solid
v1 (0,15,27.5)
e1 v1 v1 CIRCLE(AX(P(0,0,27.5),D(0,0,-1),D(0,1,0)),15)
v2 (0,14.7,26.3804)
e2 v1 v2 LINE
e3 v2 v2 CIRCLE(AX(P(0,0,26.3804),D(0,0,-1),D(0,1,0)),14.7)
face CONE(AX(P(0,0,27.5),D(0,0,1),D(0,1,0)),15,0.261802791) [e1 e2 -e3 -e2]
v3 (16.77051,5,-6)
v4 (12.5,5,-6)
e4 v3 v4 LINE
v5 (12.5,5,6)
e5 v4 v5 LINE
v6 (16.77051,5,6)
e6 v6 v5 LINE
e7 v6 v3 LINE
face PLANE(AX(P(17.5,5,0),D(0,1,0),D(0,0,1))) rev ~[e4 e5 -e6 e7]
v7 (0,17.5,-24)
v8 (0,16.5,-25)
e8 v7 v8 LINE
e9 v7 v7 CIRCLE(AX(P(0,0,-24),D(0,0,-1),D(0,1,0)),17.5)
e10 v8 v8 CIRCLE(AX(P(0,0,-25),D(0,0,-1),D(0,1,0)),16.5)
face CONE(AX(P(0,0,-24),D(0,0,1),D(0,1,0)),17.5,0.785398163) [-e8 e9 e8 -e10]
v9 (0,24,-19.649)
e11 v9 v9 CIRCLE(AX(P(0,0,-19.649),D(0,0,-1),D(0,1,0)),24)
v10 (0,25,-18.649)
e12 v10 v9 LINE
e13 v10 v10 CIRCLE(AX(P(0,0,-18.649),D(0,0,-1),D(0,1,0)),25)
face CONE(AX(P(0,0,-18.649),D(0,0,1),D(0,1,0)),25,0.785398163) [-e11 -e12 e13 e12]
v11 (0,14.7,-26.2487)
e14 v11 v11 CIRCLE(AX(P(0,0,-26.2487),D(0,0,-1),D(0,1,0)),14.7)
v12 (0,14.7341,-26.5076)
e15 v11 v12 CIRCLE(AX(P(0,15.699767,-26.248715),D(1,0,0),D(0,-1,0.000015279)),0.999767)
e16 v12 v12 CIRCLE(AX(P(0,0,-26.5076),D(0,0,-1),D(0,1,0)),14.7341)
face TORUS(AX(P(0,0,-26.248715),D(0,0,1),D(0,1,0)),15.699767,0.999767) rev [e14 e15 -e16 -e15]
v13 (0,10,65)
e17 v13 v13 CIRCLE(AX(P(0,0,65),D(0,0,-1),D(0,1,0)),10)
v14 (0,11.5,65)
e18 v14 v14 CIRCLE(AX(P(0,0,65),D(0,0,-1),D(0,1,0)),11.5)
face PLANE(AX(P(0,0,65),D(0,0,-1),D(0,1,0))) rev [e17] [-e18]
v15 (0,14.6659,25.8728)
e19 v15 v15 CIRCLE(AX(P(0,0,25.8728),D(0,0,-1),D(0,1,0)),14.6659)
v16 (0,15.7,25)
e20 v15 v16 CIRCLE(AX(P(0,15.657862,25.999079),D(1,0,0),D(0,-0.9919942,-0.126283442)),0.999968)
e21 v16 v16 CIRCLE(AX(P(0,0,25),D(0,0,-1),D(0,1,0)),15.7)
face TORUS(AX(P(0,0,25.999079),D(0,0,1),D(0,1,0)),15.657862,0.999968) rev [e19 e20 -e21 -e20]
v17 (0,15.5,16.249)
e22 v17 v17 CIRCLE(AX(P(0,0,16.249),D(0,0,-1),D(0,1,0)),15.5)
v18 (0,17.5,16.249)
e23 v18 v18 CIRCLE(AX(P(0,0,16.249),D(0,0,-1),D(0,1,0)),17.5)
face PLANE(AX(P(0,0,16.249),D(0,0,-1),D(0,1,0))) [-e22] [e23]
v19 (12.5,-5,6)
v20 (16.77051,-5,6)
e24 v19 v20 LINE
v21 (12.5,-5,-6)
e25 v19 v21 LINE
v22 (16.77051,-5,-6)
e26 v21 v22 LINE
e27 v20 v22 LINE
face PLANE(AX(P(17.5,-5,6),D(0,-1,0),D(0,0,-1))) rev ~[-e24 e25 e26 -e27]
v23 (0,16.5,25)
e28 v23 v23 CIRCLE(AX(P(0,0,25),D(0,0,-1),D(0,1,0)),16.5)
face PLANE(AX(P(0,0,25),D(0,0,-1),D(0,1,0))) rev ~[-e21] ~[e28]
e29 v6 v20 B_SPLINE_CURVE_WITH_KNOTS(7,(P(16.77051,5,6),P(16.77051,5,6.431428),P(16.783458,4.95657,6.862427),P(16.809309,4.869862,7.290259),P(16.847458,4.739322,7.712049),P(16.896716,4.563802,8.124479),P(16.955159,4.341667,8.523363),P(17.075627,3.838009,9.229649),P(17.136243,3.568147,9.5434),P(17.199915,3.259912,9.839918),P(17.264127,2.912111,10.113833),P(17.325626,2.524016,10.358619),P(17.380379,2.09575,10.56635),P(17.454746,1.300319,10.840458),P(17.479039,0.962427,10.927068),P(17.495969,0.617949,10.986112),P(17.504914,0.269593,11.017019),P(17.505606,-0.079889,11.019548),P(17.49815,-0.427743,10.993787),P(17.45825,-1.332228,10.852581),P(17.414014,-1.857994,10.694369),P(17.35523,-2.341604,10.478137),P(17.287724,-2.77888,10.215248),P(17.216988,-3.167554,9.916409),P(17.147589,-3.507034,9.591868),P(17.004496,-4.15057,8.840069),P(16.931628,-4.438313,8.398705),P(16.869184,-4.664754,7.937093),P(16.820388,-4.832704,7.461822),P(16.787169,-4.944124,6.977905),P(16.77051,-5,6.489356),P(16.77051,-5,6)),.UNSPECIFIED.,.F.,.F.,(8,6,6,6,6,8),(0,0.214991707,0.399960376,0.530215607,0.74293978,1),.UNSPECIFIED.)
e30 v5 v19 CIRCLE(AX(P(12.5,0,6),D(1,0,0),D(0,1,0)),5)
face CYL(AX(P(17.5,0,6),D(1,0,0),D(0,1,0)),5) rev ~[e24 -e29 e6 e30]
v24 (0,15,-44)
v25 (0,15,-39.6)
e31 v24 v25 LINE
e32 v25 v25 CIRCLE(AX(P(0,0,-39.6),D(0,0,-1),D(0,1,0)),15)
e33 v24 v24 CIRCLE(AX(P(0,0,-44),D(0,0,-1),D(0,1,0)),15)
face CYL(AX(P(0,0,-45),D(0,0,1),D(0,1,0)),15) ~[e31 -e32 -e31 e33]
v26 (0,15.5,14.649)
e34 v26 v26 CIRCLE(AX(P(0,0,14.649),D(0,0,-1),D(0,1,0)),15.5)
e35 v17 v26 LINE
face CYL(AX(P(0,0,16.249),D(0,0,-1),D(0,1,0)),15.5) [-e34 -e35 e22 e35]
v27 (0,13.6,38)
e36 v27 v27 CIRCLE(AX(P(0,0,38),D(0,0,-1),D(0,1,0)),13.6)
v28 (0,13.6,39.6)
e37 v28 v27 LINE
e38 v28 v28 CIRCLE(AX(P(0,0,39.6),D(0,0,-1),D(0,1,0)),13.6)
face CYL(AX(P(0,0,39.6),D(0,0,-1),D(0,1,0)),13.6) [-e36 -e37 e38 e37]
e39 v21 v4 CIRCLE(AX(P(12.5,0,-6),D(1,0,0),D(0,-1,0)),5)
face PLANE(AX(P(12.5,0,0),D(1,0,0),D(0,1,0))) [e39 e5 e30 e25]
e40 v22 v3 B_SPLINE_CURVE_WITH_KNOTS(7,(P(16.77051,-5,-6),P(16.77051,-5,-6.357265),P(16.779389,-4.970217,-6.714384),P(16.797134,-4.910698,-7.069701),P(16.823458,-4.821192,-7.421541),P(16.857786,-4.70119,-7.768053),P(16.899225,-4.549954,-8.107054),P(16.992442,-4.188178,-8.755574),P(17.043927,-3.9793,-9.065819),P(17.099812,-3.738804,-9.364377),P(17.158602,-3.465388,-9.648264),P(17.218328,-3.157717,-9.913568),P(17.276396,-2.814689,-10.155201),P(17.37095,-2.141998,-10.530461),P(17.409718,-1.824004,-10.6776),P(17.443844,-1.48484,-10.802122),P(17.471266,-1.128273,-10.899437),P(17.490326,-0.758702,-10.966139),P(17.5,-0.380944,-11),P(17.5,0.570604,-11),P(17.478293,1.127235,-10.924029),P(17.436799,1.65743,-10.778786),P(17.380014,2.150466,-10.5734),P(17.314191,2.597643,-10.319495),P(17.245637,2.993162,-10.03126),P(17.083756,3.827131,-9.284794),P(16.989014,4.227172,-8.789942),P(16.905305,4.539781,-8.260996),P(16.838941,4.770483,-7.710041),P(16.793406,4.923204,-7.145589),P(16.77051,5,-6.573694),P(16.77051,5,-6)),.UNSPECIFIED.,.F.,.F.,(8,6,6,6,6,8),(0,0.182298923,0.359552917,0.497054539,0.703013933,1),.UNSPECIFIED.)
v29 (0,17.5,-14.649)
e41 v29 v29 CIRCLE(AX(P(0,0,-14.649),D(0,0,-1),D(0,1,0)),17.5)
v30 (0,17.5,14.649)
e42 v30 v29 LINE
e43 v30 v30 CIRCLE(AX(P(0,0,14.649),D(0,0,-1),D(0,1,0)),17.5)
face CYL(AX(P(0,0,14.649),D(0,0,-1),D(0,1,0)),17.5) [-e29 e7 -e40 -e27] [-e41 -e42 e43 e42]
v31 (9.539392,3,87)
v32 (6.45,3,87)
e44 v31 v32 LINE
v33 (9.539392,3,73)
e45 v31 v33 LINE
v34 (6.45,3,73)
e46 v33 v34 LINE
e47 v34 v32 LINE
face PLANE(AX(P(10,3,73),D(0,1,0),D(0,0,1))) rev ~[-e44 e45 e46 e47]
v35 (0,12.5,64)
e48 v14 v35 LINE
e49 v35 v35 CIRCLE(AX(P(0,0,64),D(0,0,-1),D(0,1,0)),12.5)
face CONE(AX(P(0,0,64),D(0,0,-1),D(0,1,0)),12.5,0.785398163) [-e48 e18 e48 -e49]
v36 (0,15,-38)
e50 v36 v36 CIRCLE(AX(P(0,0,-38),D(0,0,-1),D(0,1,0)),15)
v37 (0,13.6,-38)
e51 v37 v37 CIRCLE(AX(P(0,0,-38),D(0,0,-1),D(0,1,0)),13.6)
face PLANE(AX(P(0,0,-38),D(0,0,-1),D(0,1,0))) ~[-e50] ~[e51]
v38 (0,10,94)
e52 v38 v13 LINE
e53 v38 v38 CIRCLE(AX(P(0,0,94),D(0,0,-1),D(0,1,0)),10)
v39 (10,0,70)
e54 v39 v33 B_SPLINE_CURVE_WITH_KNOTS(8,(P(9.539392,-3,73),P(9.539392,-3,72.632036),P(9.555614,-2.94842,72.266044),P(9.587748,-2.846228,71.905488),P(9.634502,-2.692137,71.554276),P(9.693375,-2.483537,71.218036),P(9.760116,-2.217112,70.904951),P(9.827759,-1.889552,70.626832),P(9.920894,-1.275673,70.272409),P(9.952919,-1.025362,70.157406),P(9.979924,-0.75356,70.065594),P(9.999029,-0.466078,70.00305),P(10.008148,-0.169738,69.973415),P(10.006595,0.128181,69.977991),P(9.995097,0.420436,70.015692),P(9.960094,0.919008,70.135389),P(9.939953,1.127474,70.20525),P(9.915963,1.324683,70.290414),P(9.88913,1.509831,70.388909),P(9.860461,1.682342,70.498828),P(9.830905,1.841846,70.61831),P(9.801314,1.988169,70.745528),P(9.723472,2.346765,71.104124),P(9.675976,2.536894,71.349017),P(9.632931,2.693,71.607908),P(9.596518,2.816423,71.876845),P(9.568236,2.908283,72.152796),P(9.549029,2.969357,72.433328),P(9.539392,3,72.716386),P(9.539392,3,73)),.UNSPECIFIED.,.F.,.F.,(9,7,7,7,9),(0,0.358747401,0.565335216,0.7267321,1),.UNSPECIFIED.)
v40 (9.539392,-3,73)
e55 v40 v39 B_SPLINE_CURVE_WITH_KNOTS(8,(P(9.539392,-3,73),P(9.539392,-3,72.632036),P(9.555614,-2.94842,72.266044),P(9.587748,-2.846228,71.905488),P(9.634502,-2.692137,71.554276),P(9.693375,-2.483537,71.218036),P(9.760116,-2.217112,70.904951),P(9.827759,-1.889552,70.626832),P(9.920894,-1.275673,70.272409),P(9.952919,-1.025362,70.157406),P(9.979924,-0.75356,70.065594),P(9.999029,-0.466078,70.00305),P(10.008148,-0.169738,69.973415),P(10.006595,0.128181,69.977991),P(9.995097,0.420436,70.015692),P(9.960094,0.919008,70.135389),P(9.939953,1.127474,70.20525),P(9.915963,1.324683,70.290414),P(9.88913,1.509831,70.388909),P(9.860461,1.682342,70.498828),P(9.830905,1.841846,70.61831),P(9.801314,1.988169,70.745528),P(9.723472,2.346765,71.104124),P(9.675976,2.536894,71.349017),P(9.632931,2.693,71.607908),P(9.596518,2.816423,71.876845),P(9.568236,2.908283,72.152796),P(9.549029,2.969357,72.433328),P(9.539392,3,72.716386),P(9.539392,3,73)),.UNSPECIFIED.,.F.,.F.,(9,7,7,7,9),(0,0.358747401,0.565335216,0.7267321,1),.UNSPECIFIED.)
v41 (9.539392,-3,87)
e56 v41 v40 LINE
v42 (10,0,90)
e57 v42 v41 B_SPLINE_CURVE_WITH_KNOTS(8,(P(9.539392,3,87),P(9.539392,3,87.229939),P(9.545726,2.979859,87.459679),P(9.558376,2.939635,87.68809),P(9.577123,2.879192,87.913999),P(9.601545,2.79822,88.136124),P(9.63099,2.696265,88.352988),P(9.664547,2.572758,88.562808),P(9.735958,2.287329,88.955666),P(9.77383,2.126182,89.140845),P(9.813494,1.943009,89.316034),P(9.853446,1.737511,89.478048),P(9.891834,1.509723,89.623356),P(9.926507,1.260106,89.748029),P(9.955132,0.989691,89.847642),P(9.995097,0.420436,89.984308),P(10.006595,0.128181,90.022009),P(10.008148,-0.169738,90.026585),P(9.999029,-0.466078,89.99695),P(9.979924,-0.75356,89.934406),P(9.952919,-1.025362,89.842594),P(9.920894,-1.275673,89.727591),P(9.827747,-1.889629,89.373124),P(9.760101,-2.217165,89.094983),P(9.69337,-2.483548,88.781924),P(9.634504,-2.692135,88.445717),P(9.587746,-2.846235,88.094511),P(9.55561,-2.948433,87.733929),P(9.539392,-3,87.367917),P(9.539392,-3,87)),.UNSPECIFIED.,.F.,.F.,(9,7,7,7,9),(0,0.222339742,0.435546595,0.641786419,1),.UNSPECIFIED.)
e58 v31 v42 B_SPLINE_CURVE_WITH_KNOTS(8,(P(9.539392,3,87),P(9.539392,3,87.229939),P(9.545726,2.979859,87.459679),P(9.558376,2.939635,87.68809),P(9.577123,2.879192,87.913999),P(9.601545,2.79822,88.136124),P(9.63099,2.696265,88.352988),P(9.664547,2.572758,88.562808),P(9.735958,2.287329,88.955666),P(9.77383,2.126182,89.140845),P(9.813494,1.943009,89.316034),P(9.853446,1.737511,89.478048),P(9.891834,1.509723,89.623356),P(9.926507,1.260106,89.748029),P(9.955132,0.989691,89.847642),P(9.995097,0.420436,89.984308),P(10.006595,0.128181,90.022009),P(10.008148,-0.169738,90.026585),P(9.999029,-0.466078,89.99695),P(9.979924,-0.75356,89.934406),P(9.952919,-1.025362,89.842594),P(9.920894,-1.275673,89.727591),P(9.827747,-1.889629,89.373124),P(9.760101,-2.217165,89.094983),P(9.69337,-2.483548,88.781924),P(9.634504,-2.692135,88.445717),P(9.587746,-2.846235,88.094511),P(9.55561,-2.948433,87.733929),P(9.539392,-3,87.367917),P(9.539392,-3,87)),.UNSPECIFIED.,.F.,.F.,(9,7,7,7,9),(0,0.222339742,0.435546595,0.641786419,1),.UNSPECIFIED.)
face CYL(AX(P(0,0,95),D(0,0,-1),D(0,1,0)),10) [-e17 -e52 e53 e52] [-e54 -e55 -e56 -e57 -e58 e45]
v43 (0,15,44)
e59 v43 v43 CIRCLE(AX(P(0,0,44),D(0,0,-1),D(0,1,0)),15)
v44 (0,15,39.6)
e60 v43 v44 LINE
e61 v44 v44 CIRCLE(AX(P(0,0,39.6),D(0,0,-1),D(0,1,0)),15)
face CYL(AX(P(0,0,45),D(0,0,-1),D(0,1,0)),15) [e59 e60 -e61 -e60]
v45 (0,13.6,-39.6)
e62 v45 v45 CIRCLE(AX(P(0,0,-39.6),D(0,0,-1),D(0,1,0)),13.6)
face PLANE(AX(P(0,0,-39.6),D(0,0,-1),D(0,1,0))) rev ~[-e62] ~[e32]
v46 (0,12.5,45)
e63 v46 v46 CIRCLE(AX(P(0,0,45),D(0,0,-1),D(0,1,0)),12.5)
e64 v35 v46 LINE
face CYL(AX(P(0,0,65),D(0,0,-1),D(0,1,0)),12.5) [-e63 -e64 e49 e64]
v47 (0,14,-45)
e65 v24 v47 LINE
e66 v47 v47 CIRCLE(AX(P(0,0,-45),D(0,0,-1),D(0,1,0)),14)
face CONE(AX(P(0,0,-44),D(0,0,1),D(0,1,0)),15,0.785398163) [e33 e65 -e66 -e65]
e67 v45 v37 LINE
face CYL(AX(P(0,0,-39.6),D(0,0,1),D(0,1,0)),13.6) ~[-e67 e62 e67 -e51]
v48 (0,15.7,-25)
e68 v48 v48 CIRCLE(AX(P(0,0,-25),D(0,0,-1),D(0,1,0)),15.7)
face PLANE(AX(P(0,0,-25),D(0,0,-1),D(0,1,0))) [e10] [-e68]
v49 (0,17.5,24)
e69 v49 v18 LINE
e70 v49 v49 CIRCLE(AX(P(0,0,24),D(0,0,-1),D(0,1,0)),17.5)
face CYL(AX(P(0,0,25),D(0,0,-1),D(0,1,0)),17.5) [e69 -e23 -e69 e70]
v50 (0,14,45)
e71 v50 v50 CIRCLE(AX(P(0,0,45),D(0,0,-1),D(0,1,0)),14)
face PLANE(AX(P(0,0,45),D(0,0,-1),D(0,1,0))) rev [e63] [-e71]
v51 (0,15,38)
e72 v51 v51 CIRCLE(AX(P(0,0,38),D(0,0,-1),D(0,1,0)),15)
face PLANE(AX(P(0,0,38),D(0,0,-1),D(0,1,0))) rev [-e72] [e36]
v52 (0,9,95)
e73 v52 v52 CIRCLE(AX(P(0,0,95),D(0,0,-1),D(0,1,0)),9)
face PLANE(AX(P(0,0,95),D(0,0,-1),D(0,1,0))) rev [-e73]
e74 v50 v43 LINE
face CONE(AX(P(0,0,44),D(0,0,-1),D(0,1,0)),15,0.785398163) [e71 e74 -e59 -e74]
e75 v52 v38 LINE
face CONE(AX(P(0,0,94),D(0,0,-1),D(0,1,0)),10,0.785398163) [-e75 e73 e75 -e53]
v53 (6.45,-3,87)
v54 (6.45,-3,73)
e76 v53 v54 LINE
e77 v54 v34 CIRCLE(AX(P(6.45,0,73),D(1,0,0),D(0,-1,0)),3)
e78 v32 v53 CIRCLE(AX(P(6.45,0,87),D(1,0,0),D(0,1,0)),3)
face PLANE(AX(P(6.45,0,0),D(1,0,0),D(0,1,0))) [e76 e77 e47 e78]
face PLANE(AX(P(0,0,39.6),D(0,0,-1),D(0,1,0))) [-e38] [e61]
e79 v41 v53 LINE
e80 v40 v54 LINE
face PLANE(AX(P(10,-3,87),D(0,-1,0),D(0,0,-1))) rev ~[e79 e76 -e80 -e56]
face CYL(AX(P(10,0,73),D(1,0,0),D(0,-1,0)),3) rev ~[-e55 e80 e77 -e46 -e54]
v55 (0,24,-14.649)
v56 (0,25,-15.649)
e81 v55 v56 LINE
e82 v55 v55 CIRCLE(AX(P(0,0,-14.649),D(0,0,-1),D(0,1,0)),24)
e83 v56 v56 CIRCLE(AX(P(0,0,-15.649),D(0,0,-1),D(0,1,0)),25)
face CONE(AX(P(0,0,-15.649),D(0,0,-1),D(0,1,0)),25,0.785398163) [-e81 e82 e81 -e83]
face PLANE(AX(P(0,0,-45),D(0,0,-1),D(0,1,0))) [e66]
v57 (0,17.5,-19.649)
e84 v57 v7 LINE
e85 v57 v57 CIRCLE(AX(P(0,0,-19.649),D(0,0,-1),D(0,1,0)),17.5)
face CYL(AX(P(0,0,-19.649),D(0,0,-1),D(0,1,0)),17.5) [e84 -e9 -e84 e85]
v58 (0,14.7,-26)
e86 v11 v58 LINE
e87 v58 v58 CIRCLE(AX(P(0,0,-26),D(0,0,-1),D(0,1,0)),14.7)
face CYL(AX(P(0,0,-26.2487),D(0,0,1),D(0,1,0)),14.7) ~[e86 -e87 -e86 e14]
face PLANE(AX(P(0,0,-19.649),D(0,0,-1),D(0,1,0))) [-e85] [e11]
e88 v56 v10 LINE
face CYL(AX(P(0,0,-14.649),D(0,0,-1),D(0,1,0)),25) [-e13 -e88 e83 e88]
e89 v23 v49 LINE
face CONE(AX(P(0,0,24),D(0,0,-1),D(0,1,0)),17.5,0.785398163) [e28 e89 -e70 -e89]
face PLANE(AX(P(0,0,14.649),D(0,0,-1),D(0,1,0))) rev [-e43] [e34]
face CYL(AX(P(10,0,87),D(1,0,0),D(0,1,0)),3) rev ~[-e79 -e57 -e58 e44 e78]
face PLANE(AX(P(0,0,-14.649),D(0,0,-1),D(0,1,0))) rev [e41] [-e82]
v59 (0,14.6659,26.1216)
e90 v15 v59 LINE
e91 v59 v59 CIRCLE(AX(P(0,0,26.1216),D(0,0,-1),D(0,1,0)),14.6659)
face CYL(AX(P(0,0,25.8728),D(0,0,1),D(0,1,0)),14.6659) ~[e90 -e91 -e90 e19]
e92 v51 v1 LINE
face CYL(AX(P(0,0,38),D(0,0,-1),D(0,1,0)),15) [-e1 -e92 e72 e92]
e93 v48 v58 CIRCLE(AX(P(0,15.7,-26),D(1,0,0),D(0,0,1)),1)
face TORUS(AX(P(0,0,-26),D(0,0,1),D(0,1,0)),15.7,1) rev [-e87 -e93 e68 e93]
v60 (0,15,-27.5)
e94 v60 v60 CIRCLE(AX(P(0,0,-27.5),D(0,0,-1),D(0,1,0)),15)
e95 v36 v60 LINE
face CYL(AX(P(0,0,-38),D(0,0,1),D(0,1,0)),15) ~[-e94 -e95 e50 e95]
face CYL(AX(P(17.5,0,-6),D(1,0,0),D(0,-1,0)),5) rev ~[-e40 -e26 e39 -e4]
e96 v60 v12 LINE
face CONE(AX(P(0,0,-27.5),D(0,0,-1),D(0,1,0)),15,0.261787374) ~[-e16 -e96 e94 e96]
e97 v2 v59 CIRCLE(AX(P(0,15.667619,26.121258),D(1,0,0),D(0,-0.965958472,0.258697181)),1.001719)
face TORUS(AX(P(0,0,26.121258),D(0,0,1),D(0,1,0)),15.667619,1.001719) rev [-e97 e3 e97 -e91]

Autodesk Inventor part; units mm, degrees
ref_plane "XZ Plane" through (0, 0, 0) normal (0, 1, 0) x (-1, 0, 0)
sketch "Skizze1" plane through (0, 0, 0) normal (1, 0, 0) x (0, 1, 0)
  line L0 (0, 95) -> (10, 95)
  line L1 (10, 95) -> (10, 65)
  line L2 (10, 65) -> (12.5, 65)
  line L3 (12.5, 65) -> (12.5, 45)
  line L4 (12.5, 45) -> (15, 45)
  line L5 (17.5, -14.649) -> (25, -14.649)
  line L6 (25, -14.649) -> (25, -19.649)
  line L7 (25, -19.649) -> (17.5, -19.649)
  line L8 (17.5, -19.649) -> (17.5, -25)
  line L9 (15, -45) -> (0, -45)
  line L10 (0, 123) -> (0, -73) projected
  line L11 (-5, 0) -> (30, 0) projected
  line L12 (15, 45) -> (15, 39.6)
  line L13 (15, 39.6) -> (13.6, 39.6)
  line L14 (13.6, 39.6) -> (13.6, 38)
  line L15 (13.6, 38) -> (15, 38)
  line L16 (15, 38) -> (15, 27.5)
  line L17 (15, 27.5) -> (14.7, 26.3804)
  arc A0 (14.7, 26.3804) -> (14.6659, 26.1216) centre (15.6659, 26.1216) ccw
  arc A1 (14.6659, 25.8728) -> (15.7, 25) centre (15.6579, 25.9991) ccw
  line L18 (14.6659, 25.8728) -> (14.6659, 26.1216)
  line L19 (17.5, 25) -> (15.7, 25)
  line L20 (15, -45) -> (15, -39.6)
  line L21 (15, -39.6) -> (13.6, -39.6)
  line L22 (13.6, -39.6) -> (13.6, -38)
  line L23 (13.6, -38) -> (15, -38)
  line L24 (15, -38) -> (15, -27.5)
  line L25 (15, -27.5) -> (14.7341, -26.5076)
  line L26 (17.5, -25) -> (16, -25)
  line L27 (16, -25) -> (15.7, -25)
  arc A2 (15.7, -25) -> (14.7, -26) centre (15.7, -26) ccw
  arc A3 (14.7, -26.2487) -> (14.7341, -26.5076) centre (15.7, -26.2487) ccw
  line L28 (14.7, -26.2487) -> (14.7, -26)
  line L29 (17.5, 25) -> (17.5, 16.249)
  line L30 (17.5, 16.249) -> (15.5, 16.249)
  line L31 (15.5, 16.249) -> (15.5, 14.649)
  line L32 (15.5, 14.649) -> (17.5, 14.649)
  line L33 (17.5, 14.649) -> (17.5, -14.649)
  point P0 (0, 0)
  point P1 (14.6579, 24.9991)
  point P2 (14.7, -26.3804)
  point P3 (14.7, -25)
  dimension "d0" = 20
  dimension "d3" = 25
  dimension "d5" = 50
  dimension "d6" = 20
  dimension "d7" = 30
  dimension "d10" = 5
  dimension "d11" = 50
  dimension "d13" = 2.5
  dimension "d17" = 1
  dimension "d18" = 1
  dimension "d20" = 30
  dimension "d21" = 20
  dimension "d22" = 0.3
  dimension "d23" = 15
  dimension "d25" = 1.6
  dimension "d26" = 1.4
  dimension "d28" = 2.5
  dimension "d31" = 1
  dimension "d32" = 15
  dimension "d33" = 0.3
  dimension "d34" = 1
  dimension "d35" = 1.4
  dimension "d36" = 1.6
  dimension "d37" = 13
  dimension "d38" = 20
  dimension "d39" = 1.6
  dimension "d40" = 2
  dimension "d83" = 14.649
  dimension "d84" = 29.298
  dimension "d85" = 13
  dimension "d86" = 35
revolve "Umdrehung1" add sketch "Skizze1" angle 360 about axis through (0, 0, 0) along (0, 0, -1)
chamfer "Fase1" distance 1 angle 45 1 edges at (0, -10, 95) measured on face at (2.9244, -0.4018, 95)
chamfer "Fase2" distance 1 angle 45 1 edges at (0, -12.5, 65) measured on face at (-1.7949, 11.4487, 65)
chamfer "Fase3" distance 1 angle 45 1 edges at (0, -15, 45) measured on face at (-1.1966, 14.0214, 45)
chamfer "Fase4" distance 1 angle 45 1 edges at (0, -17.5, 25) measured on face at (-1.396, 16.7305, 25)
chamfer "Fase5" distance 1 angle 45 1 edges at (0, -25, -14.649) measured on face at (-1.9943, 22.2578, -14.649)
chamfer "Fase6" distance 1 angle 45 1 edges at (0, -25, -19.649) measured on face at (-3.3903, 22.0883, -19.649)
chamfer "Fase7" distance 1 angle 45 1 edges at (0, -17.5, -25) measured on face at (-1.396, 16.8305, -25)
chamfer "Fase8" distance 1 angle 45 1 edges at (0, -15, -45) measured on face at (2.9183, -2.695, -45)
ref_plane "Arbeitsebene1" through (10, 0, 0) normal (1, 0, 0) x (0, 1, 0)
sketch "Skizze2" plane through (10, 0, 0) normal (1, 0, 0) x (0, 1, 0)
  line L0 (0, 87) -> (0, 73) construction
  line L1 (-3, 87) -> (-3, 73)
  line L2 (3, 73) -> (3, 87)
  arc A0 (3, 87) -> (-3, 87) centre (0, 87) ccw
  arc A1 (-3, 73) -> (3, 73) centre (0, 73) ccw
  line L3 (-9, 95) -> (9, 95) projected
  point P0 (0, 0)
  point P1 (0, 80)
  dimension "d68" = 20
  dimension "d69" = 15
  dimension "d70" = 6
extrude "Extrusion1" cut sketch "Skizze2" against normal blind 3.55
ref_plane "Arbeitsebene2" through (17.5, 0, 0) normal (1, 0, 0) x (0, 1, 0)
sketch "Skizze3" plane through (17.5, 0, 0) normal (1, 0, 0) x (0, 1, 0)
  line L0 (0, 6) -> (0, -6) construction
  line L1 (-5, 6) -> (-5, -6)
  line L2 (5, -6) -> (5, 6)
  arc A0 (5, 6) -> (-5, 6) centre (0, 6) ccw
  arc A1 (-5, -6) -> (5, -6) centre (0, -6) ccw
  line L3 (-7, 0) -> (7, 0) projected
  point P0 (0, 0)
  point P1 (0, 0)
  dimension "d74" = 22
  dimension "d75" = 10
extrude "Extrusion2" cut sketch "Skizze3" against normal blind 5 and the other way blind 1.45
equation "\"dd0\" = 6"
equation "\"dd1\" = 4"
properties part number "AbtriebswelleZahnrad 2" material "Stahl, Legierung"
